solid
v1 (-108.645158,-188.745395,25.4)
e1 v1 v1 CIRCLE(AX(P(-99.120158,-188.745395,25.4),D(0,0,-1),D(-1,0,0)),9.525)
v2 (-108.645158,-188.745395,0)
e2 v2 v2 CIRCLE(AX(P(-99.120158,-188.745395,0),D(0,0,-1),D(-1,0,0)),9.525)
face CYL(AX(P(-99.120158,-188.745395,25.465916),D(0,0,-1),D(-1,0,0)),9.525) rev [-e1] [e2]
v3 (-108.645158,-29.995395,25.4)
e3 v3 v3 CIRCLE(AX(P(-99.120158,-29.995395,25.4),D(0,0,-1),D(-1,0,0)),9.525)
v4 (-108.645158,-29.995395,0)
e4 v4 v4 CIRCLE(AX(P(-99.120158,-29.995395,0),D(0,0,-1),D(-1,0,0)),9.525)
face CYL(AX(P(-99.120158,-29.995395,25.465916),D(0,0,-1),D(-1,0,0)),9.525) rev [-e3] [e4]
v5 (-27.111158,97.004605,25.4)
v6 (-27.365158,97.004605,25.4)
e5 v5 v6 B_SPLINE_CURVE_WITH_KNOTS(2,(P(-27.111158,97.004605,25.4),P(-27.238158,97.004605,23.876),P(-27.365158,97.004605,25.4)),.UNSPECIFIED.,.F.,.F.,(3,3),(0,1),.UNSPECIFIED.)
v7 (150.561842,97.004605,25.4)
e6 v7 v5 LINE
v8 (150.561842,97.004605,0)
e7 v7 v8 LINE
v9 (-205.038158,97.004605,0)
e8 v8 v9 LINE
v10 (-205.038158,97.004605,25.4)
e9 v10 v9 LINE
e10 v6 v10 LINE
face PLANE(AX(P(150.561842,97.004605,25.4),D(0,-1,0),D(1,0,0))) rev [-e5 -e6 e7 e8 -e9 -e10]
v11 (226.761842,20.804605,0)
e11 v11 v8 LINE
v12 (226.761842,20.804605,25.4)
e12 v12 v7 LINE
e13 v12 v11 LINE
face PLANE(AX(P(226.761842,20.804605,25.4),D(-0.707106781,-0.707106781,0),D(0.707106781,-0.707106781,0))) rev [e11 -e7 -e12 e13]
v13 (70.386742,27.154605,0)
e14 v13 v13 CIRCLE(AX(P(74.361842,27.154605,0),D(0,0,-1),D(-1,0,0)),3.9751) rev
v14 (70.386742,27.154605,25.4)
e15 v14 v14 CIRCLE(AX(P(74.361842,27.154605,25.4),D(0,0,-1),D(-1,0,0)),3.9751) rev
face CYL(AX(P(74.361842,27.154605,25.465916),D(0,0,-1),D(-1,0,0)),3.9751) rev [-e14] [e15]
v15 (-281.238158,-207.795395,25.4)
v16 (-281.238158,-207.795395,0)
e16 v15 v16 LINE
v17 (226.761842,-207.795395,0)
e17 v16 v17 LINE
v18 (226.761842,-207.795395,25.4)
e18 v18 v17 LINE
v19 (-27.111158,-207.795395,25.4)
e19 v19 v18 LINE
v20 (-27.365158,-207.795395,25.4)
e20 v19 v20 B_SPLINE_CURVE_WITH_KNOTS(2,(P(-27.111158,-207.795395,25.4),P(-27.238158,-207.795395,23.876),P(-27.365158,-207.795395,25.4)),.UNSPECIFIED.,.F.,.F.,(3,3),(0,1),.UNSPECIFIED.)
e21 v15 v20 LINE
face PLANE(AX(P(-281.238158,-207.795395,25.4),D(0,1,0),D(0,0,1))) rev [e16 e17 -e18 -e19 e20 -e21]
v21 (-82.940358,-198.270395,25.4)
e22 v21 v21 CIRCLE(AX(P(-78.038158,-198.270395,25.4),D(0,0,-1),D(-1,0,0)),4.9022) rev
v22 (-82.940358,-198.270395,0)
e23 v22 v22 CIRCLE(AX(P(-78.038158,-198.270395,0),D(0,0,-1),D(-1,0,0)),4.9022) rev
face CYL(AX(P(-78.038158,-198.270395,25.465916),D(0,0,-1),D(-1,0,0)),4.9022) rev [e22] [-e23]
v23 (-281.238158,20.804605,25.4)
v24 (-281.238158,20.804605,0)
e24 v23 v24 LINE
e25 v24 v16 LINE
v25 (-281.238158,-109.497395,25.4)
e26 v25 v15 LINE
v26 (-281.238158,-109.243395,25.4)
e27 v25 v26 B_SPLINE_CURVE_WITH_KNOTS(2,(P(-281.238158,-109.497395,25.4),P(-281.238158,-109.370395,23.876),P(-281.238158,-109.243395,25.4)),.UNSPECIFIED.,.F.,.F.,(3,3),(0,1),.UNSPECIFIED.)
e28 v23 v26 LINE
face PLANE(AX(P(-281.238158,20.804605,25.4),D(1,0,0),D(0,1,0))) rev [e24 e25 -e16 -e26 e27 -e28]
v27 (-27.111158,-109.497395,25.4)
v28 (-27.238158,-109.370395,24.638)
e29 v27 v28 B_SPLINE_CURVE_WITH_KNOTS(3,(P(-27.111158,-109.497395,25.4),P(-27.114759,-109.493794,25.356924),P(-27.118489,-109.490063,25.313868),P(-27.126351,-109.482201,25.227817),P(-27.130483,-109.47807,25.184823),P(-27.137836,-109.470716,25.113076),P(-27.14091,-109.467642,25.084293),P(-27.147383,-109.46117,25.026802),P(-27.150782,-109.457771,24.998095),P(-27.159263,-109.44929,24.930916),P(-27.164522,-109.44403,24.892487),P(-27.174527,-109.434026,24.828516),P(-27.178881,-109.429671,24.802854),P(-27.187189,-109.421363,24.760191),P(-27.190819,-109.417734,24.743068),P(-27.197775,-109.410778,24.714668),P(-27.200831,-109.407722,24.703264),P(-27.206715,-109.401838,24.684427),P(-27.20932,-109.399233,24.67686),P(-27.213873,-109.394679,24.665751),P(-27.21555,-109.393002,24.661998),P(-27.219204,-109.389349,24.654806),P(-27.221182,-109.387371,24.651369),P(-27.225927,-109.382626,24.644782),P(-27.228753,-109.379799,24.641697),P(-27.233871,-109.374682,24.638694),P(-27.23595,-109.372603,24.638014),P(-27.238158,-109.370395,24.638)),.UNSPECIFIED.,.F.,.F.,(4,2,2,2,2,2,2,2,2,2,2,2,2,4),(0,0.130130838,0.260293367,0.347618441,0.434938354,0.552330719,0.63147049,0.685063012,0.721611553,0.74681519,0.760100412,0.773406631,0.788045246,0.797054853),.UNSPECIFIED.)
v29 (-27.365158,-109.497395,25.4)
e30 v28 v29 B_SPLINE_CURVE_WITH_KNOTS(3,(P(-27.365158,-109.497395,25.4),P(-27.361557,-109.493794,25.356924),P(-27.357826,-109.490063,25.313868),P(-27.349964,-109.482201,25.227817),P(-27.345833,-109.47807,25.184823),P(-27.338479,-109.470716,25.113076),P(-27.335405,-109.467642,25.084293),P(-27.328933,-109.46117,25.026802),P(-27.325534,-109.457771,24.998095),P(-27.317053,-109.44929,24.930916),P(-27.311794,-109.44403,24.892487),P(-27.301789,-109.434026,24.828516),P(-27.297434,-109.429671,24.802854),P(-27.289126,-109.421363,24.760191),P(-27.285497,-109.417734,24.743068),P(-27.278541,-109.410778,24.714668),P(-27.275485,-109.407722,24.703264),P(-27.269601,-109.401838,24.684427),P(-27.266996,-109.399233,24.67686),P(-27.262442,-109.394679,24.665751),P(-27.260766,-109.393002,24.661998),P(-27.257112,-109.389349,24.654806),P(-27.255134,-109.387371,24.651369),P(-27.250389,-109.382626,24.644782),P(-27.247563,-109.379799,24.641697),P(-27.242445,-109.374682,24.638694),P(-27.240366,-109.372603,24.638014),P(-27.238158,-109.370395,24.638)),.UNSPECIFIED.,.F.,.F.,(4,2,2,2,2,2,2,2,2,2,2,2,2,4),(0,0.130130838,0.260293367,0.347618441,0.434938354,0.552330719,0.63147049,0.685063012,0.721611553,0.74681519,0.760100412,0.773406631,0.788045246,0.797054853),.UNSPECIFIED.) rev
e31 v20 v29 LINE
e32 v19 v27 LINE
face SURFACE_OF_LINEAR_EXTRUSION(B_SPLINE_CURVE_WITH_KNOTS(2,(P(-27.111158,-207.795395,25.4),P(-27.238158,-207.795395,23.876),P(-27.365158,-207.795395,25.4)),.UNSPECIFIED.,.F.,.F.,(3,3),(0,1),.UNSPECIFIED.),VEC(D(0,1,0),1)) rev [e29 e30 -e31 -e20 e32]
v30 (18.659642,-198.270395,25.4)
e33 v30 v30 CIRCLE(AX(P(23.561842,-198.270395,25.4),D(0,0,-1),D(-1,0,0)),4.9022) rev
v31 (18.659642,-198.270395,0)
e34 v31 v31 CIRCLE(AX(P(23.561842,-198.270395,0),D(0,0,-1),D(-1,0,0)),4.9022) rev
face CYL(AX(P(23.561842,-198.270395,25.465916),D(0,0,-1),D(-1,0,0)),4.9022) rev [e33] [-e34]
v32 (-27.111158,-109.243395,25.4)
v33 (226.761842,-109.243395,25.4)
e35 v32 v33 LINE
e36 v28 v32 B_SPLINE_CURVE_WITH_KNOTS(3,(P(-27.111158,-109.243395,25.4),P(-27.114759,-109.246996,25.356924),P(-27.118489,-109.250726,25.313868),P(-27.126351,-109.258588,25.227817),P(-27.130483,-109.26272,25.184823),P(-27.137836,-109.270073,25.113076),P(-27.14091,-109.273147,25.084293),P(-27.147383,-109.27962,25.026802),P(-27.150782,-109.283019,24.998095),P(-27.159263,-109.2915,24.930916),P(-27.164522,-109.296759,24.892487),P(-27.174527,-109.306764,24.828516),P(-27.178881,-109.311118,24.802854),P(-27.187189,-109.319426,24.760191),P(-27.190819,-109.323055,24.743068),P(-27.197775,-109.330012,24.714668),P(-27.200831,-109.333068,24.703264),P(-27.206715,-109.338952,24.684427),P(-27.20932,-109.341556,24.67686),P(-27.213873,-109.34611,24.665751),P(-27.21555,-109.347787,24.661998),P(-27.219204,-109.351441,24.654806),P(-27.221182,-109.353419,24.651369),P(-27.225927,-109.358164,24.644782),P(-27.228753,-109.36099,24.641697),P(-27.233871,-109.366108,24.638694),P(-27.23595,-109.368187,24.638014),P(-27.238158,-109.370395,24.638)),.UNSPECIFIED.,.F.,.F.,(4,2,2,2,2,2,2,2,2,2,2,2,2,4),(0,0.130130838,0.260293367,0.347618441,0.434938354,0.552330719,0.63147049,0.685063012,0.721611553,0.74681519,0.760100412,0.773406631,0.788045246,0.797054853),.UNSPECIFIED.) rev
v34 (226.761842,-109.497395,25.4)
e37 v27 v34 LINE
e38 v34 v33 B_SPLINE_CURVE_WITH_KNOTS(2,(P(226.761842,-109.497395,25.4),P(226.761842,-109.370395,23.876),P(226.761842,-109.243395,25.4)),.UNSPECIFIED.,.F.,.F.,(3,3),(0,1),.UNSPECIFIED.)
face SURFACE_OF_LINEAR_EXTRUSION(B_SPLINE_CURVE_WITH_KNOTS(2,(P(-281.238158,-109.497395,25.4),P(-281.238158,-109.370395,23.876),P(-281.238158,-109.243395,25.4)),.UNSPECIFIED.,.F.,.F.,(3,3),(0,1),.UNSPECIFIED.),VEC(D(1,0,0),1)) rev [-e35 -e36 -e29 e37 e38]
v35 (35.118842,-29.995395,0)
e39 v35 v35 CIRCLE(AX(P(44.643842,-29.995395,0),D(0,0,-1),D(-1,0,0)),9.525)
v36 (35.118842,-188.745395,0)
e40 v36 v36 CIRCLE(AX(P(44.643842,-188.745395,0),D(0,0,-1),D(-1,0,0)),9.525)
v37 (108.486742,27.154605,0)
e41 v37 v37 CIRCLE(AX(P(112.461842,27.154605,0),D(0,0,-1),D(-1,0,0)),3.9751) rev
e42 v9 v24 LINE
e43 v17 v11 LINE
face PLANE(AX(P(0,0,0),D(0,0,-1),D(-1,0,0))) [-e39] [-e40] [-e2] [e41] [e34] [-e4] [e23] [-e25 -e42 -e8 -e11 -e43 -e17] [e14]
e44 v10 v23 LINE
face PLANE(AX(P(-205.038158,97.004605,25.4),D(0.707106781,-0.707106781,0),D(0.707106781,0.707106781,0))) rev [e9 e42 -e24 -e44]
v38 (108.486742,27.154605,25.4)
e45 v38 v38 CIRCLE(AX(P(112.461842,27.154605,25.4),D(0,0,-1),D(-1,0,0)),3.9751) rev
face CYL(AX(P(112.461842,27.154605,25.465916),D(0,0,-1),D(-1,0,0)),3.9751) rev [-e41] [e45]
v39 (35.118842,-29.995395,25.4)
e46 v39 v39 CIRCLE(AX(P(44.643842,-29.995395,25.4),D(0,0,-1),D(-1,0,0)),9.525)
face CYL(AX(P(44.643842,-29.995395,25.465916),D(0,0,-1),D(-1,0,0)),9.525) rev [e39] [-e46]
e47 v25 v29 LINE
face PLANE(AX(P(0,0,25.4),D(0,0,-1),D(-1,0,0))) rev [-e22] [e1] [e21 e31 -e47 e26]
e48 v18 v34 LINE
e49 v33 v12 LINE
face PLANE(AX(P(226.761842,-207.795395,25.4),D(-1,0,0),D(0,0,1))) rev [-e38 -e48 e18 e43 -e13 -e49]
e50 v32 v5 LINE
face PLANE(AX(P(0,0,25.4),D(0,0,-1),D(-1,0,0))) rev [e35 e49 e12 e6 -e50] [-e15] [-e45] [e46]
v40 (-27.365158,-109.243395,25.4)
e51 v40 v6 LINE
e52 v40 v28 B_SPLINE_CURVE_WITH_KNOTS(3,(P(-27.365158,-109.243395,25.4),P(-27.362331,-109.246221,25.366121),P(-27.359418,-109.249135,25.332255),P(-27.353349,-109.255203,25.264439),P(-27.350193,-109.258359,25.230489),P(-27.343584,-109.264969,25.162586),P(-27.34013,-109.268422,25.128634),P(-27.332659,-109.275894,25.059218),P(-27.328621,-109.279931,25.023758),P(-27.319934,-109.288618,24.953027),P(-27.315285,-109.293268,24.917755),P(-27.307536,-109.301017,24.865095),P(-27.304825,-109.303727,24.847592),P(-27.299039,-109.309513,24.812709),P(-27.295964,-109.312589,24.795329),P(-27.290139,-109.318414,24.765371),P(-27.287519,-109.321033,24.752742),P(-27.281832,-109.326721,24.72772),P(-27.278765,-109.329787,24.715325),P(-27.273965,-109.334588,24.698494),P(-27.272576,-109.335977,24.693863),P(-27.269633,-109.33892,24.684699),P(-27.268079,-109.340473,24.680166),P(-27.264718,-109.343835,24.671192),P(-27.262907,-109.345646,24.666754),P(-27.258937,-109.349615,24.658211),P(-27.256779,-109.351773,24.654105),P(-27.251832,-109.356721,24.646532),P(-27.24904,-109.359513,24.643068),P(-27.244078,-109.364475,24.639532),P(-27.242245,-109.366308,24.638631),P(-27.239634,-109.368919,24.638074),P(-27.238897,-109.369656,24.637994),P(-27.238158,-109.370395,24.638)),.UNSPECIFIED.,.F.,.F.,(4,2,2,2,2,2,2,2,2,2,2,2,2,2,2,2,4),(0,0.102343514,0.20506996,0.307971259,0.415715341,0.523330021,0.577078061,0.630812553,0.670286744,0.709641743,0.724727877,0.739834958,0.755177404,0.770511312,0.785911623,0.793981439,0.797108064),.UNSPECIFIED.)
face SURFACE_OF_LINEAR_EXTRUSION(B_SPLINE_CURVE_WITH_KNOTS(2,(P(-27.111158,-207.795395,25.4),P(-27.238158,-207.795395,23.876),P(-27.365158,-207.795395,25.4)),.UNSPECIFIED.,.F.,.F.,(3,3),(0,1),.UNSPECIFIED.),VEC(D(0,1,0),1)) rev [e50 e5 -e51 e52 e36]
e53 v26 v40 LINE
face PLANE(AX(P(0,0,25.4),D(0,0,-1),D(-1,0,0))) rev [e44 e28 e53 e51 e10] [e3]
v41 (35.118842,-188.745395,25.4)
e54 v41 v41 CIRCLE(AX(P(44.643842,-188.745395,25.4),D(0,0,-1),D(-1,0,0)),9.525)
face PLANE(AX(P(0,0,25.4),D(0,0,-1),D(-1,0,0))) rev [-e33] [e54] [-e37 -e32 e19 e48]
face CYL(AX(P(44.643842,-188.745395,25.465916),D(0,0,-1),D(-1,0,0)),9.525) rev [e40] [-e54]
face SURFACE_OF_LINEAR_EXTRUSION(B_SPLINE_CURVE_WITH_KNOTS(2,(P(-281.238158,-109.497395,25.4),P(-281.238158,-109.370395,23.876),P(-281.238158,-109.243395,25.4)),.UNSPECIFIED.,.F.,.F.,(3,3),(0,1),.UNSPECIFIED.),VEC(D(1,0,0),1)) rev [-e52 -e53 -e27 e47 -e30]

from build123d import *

# Parameters (mm, degrees)
BOSS_EXTRUDE1_DEPTH     = 25.4
CUT_EXTRUDE1_DEPTH      = 305.8
CUT_EXTRUDE2_DEPTH      = 509.0000001
SKETCH4_R               = 3.9751
SKETCH4_R_2             = 4.9022
CUT_EXTRUDE5_DEPTH      = 26.4000001
CUT_EXTRUDE5_DEPTH_BACK = 25.4
SKETCH7_R               = 9.525
CUT_EXTRUDE6_DEPTH      = 26.4000001


with BuildPart() as part:
    # Sketch1 → Boss-Extrude1 (new body)
    with BuildSketch(Plane.XY):
        Polygon((-281.238157895, 20.804605263), (-281.238157895, -207.795394737), (226.761842105, -207.795394737), (226.761842105, 20.804605263), (150.561842105, 97.004605263), (-205.038157895, 97.004605263), align=None)
    extrude(amount=BOSS_EXTRUDE1_DEPTH)

    # Sketch2 → Cut-Extrude1 (cut, through all)
    with BuildSketch(Plane(origin=(0, 97.004605263, 0), x_dir=(1, 0, 0), z_dir=(0, 1, 0))):
        with BuildLine():
            Line((-27.365157895, -25.4), (-27.111157895, -25.4))
            add(Edge.make_bspline(
                [(-27.365157895, -25.4), (-27.238157895, -23.876), (-27.111157895, -25.4)],
                knots=[0, 0, 0, 1, 1, 1], degree=2))
        make_face()
    extrude(amount=-CUT_EXTRUDE1_DEPTH, mode=Mode.SUBTRACT)

    # Sketch3 → Cut-Extrude2 (cut, through all)
    with BuildSketch(Plane(origin=(226.761842105, 0, 0), x_dir=(0, 0, -1), z_dir=(1, 0, 0))):
        with BuildLine():
            Line((-25.4, -109.243394737), (-25.4, -109.497394737))
            add(Edge.make_bspline(
                [(-25.4, -109.243394737), (-23.876, -109.370394737), (-25.4, -109.497394737)],
                knots=[0, 0, 0, 1, 1, 1], degree=2))
        make_face()
    extrude(amount=-CUT_EXTRUDE2_DEPTH, mode=Mode.SUBTRACT)

    # Sketch4 → Cut-Extrude5 (cut, two sides)
    with BuildSketch(Plane.XY) as cut_extrude5_sk:
        with Locations((74.361842105, 27.154605263)):
            Circle(SKETCH4_R)
        with Locations((112.461842105, 27.154605263)):
            Circle(SKETCH4_R)
        with Locations((23.561842105, -198.270394737)):
            Circle(SKETCH4_R_2)
        with Locations((-78.038157895, -198.270394737)):
            Circle(SKETCH4_R_2)
    extrude(amount=CUT_EXTRUDE5_DEPTH, mode=Mode.SUBTRACT)
    extrude(cut_extrude5_sk.sketch, amount=-CUT_EXTRUDE5_DEPTH_BACK, mode=Mode.SUBTRACT)

    # Sketch7 → Cut-Extrude6 (cut, through all)
    with BuildSketch(Plane(origin=(0, 0, 0), x_dir=(-1, 0, 0), z_dir=(0, 0, -1))):
        with Locations((99.120157895, -29.995394737)):
            Circle(SKETCH7_R)
        with Locations((-44.643842105, -29.995394737)):
            Circle(SKETCH7_R)
        with Locations((-44.643842105, -188.745394737)):
            Circle(SKETCH7_R)
        with Locations((99.120157895, -188.745394737)):
            Circle(SKETCH7_R)
    extrude(amount=-CUT_EXTRUDE6_DEPTH, mode=Mode.SUBTRACT)


solid = part.part
